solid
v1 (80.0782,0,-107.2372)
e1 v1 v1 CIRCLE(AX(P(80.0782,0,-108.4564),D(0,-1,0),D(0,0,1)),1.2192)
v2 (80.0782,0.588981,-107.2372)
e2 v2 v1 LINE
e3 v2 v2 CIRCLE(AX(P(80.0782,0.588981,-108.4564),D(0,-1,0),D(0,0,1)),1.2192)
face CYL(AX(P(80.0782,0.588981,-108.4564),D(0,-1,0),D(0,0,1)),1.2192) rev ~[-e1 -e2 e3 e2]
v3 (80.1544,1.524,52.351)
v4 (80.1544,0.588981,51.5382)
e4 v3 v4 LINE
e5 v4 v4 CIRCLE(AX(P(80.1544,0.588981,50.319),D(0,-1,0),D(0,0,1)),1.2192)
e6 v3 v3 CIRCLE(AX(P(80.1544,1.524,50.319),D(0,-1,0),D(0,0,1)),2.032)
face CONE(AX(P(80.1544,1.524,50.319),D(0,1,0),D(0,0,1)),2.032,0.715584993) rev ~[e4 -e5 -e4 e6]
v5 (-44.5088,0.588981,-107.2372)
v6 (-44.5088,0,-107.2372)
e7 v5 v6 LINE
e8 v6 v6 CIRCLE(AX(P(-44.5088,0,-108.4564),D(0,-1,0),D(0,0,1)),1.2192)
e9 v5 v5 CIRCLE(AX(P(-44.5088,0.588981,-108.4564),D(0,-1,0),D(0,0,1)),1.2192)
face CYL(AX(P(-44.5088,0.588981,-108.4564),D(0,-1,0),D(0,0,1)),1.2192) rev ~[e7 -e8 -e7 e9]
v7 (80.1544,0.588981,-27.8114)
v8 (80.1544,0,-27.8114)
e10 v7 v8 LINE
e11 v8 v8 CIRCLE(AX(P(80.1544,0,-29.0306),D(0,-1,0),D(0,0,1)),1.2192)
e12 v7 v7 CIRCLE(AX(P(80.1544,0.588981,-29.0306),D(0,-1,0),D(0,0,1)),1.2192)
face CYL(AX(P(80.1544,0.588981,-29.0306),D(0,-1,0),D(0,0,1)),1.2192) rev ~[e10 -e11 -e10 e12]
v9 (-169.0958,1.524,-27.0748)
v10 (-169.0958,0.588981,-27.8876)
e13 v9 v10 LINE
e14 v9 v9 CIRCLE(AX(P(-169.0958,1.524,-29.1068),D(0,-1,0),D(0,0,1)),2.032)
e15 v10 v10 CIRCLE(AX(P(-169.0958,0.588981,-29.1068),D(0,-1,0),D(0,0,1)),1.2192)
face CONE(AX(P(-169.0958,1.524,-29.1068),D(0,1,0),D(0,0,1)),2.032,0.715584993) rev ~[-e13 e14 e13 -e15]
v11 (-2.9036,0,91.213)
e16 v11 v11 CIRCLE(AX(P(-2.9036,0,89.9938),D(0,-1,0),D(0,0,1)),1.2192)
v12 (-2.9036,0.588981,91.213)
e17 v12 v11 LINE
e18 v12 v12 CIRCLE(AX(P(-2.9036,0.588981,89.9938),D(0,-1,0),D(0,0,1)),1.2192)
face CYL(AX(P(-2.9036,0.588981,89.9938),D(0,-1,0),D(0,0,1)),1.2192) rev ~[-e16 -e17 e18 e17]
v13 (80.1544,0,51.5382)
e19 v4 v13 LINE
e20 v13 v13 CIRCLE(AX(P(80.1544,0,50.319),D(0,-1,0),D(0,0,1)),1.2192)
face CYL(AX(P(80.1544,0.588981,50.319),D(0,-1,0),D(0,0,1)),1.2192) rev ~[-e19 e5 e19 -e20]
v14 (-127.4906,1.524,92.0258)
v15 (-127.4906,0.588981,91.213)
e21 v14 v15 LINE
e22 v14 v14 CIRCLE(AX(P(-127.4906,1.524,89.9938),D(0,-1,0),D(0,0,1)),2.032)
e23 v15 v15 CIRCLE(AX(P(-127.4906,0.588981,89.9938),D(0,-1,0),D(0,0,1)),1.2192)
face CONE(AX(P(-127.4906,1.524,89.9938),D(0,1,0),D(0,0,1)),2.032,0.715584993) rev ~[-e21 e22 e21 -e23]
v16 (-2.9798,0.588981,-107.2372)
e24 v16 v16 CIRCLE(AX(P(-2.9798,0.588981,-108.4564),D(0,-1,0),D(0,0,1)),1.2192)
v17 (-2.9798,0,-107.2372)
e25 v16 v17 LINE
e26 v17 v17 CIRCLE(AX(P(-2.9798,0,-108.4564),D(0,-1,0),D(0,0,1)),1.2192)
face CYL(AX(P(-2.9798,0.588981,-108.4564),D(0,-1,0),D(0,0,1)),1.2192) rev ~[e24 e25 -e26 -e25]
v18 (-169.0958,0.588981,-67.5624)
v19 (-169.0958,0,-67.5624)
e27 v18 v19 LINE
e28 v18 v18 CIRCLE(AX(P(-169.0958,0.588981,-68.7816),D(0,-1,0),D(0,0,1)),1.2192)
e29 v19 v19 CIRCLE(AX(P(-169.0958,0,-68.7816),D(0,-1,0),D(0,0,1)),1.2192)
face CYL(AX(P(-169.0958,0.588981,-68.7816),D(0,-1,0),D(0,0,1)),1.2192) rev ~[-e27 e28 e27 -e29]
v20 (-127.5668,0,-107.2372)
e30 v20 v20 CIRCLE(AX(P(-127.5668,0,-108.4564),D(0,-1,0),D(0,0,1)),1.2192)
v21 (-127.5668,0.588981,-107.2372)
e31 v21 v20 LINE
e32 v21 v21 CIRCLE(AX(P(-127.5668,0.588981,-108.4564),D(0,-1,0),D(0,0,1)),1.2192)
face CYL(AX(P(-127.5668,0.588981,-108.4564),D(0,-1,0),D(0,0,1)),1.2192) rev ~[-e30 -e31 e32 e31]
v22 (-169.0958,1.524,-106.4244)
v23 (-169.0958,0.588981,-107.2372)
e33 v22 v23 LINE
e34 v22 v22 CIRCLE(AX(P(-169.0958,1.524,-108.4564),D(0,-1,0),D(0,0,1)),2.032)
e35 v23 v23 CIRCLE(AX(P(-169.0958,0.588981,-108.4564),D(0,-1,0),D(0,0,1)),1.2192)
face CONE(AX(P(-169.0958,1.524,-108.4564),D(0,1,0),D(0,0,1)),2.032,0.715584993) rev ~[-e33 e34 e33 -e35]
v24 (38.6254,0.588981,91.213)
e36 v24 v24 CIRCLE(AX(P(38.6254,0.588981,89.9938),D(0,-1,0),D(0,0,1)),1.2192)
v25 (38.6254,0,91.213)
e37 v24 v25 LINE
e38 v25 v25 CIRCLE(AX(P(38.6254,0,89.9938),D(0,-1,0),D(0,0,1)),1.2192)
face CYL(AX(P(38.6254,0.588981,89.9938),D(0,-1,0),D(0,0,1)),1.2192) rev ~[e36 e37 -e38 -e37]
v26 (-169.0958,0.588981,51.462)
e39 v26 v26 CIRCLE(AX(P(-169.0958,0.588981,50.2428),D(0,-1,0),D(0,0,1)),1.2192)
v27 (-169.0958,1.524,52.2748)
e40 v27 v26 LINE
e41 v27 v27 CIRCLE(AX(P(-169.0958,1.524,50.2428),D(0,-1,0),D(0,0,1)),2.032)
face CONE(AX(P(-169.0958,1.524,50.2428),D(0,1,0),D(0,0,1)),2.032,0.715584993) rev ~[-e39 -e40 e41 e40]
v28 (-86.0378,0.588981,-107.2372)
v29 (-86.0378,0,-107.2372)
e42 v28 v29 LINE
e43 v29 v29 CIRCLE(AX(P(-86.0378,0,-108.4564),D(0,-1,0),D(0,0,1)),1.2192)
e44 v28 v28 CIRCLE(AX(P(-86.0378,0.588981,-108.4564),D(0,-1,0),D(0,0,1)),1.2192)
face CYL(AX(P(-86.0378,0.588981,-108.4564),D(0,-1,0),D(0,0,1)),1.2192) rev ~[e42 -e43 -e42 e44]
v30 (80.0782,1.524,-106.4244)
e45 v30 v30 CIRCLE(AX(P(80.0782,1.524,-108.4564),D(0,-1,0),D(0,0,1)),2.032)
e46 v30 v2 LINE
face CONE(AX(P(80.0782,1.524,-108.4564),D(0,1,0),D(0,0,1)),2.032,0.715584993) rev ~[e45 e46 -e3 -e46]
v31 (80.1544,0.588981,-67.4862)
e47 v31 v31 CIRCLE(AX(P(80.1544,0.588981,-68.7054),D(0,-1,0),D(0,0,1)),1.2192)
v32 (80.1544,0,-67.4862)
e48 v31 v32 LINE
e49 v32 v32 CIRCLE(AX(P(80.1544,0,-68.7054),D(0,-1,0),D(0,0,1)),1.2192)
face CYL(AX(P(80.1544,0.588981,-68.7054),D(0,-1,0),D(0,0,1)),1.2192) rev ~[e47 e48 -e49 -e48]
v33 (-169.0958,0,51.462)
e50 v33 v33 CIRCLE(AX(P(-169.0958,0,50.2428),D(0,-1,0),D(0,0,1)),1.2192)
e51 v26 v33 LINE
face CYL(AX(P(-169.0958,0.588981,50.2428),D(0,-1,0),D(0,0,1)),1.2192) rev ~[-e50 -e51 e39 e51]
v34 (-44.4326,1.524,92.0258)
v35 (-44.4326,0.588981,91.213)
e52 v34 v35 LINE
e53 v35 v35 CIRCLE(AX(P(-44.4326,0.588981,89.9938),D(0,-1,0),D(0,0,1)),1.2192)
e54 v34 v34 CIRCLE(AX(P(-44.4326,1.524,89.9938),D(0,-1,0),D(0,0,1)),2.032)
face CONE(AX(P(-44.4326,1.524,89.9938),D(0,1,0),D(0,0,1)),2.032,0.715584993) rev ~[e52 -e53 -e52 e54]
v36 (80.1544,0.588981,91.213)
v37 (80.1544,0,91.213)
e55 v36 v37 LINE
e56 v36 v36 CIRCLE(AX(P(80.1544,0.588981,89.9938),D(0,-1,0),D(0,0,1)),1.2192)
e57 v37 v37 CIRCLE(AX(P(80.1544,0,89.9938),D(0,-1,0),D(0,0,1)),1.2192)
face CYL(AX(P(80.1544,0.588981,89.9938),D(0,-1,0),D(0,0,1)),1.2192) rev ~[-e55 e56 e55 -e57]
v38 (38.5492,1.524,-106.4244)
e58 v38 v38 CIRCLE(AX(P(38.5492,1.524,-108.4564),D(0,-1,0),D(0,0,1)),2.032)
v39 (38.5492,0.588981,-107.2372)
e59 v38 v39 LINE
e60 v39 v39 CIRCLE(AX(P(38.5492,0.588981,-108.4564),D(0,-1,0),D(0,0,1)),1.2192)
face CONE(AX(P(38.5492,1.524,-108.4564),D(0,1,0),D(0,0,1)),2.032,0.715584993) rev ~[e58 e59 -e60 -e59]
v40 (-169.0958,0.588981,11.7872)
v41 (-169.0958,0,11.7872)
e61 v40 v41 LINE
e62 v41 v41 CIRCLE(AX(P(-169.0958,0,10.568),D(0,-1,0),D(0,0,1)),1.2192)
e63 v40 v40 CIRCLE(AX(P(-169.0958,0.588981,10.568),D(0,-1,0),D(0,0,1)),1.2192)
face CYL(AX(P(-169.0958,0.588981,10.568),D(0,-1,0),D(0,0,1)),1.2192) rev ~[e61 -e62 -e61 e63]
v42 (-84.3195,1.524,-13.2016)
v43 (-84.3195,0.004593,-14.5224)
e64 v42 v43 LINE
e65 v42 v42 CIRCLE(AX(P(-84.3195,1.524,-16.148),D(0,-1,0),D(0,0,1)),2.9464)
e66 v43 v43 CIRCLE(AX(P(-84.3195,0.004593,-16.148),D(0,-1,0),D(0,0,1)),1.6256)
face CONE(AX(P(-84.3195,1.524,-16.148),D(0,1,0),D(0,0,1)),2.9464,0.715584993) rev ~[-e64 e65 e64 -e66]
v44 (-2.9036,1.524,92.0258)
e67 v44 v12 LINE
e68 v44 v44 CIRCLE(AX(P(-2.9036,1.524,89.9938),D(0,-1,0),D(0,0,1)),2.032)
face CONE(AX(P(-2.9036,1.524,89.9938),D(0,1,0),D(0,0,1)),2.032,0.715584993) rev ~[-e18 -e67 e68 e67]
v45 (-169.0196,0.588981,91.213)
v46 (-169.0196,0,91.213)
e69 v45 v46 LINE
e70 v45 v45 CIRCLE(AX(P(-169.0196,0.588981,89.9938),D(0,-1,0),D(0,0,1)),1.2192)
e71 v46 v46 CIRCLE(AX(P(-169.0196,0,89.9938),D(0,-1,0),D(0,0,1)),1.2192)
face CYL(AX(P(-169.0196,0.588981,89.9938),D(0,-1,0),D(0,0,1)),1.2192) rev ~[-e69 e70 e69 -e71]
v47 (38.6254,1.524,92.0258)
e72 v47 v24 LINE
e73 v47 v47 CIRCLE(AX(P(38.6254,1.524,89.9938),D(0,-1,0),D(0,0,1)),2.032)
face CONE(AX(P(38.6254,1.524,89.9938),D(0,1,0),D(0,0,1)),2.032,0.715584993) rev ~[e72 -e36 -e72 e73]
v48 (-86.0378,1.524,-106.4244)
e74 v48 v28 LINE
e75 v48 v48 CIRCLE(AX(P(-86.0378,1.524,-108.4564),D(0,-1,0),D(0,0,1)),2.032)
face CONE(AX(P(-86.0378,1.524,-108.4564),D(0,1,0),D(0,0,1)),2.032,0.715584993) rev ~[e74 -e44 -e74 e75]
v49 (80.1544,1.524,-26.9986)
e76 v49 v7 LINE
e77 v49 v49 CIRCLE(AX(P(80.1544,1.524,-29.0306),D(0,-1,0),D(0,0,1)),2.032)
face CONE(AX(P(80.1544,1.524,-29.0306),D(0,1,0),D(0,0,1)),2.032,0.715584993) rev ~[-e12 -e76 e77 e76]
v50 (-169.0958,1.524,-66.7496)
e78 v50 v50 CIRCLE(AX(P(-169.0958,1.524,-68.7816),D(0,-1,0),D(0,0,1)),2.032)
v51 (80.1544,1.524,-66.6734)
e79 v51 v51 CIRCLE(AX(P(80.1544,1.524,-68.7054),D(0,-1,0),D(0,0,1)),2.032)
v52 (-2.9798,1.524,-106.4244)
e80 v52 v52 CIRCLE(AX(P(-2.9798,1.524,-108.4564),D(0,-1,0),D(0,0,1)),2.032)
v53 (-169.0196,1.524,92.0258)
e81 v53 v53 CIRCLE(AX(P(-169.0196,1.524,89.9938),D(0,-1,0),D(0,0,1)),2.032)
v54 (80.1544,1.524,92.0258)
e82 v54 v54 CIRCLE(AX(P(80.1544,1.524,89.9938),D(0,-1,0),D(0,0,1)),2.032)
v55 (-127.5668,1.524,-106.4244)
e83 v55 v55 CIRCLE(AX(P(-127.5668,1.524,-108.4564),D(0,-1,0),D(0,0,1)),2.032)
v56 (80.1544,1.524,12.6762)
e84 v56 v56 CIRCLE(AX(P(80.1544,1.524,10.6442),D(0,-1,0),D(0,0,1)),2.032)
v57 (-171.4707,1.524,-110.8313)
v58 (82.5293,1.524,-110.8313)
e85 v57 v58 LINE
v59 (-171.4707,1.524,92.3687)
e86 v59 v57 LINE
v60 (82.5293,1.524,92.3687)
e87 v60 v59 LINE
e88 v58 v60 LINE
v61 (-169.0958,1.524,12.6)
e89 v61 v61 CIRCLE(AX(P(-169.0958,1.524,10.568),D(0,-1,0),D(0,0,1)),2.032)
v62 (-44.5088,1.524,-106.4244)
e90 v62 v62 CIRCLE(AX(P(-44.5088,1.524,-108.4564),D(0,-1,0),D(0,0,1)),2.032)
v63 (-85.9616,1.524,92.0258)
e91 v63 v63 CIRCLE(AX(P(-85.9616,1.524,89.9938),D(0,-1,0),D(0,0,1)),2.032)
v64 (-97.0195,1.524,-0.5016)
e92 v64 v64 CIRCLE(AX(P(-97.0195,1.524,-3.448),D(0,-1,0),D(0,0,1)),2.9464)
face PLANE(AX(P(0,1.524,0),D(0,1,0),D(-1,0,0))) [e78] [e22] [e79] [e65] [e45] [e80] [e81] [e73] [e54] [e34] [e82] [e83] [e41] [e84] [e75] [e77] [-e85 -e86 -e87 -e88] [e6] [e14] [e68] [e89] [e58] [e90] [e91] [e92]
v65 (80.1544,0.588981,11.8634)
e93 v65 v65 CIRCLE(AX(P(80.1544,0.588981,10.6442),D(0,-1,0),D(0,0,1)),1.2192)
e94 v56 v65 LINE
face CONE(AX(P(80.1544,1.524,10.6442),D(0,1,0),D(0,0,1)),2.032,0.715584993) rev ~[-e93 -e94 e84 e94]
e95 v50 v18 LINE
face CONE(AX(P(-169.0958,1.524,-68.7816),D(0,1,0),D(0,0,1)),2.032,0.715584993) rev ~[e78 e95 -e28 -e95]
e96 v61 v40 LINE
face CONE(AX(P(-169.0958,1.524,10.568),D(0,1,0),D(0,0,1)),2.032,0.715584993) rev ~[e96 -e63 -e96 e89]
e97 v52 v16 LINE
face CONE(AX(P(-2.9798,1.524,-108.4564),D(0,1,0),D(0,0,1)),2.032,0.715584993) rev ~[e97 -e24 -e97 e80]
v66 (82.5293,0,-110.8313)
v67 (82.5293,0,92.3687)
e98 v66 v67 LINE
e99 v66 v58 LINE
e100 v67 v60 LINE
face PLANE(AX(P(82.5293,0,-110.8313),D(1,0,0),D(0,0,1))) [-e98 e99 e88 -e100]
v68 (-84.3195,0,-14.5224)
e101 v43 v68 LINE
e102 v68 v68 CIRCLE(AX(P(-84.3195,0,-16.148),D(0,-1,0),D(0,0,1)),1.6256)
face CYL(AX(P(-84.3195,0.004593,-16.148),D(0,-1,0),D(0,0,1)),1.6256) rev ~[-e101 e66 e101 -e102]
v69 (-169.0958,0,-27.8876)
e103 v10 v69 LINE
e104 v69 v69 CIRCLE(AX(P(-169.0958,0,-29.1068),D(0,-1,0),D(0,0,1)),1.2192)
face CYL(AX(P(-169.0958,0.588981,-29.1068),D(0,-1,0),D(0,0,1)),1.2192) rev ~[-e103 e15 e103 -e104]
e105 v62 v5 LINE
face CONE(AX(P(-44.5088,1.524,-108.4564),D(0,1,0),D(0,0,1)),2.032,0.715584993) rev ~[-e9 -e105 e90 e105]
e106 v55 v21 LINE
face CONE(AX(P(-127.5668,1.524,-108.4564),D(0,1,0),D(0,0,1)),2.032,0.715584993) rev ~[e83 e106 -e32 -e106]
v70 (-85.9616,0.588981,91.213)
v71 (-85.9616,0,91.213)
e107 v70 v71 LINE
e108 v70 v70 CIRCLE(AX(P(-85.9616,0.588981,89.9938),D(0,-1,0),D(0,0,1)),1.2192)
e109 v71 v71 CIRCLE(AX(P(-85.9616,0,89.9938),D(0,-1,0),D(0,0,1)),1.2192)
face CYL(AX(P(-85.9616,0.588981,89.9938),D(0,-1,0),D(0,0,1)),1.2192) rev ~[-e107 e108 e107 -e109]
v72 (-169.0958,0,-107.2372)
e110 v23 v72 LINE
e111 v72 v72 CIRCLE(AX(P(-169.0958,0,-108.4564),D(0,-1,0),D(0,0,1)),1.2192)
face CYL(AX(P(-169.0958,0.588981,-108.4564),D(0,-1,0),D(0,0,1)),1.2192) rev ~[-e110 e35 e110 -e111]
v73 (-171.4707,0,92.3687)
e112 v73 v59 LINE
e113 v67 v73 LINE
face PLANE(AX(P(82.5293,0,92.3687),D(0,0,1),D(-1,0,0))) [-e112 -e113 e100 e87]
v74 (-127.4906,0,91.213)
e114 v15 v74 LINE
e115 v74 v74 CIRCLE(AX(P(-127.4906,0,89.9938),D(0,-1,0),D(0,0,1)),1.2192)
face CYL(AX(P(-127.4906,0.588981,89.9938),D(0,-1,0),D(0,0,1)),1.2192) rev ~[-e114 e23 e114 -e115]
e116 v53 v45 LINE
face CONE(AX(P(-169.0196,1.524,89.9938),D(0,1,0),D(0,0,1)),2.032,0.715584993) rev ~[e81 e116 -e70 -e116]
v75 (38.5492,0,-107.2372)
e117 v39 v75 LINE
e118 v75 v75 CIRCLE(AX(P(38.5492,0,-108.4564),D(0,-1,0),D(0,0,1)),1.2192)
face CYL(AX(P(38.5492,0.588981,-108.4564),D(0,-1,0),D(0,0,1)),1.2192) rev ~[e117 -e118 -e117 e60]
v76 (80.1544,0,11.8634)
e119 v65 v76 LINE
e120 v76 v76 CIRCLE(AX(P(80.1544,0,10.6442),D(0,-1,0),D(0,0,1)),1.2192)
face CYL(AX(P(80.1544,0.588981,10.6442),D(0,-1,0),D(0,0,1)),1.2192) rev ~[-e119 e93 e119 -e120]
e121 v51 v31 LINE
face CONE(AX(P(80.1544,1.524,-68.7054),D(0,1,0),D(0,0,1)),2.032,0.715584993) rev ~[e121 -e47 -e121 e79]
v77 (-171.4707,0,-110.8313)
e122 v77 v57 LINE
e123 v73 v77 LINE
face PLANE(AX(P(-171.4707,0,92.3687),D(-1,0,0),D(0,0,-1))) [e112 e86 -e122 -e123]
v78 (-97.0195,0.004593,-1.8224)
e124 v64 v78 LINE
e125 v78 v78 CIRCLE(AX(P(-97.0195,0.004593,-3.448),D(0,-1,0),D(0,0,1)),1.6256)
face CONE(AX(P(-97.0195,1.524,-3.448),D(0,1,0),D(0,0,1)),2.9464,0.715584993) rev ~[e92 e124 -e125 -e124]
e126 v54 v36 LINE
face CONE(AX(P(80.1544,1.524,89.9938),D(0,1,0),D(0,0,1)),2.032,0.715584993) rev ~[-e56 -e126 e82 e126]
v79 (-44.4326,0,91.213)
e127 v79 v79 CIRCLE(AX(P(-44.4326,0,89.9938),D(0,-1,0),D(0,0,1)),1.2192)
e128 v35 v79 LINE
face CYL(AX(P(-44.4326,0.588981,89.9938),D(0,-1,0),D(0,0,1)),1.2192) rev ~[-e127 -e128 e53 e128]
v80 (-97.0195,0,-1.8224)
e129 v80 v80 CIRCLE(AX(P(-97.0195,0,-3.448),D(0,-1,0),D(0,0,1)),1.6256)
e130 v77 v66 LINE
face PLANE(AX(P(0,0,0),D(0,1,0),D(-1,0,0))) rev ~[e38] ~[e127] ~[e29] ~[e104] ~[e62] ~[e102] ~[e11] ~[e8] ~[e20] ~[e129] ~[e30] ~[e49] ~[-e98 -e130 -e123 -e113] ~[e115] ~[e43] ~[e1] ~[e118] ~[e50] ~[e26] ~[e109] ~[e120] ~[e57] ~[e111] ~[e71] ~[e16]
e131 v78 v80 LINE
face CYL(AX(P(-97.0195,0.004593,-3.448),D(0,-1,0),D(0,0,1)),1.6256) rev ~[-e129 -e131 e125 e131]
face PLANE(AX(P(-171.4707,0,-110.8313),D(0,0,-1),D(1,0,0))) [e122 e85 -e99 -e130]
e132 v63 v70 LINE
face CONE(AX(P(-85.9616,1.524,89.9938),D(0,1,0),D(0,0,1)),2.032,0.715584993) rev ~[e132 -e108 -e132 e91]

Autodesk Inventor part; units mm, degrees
ref_plane "YZ Plane" through (0, 0, 0) normal (1, 0, 0) x (0, 1, 0)
ref_plane "XZ Plane" through (0, 0, 0) normal (0, 1, 0) x (-1, 0, 0)
ref_plane "XY Plane" through (0, 0, 0) normal (0, 0, 1) x (1, 0, 0)
sketch "Sketch1" plane through (0, 0, 0) normal (0, 1, 0) x (-1, 0, 0)
  line L0 (-82.5293, 92.3687) -> (171.4707, 92.3687)
  line L1 (171.4707, 92.3687) -> (171.4707, -110.8313)
  line L2 (171.4707, -110.8313) -> (-82.5293, -110.8313)
  line L3 (-82.5293, -110.8313) -> (-82.5293, 92.3687)
  point P0 (0, 0)
  dimension "d0" = 254
  dimension "d3" = 203.2
extrude "Extrusion1" add sketch "Sketch1" along normal blind 1.524
sketch "Sketch2" plane through (0, 1.524, 0) normal (0, 1, 0) x (1, 0, 0)
  point P0 (0, 0)
  point P1 (-169.0958, 108.4564)
  point P2 (-171.4707, 110.8313)
  point P3 (82.5293, -92.3687)
  point P4 (80.1544, -89.9938)
  dimension "d13" = 2.3749
  dimension "d14" = 2.3749
  dimension "d21" = 2.3749
  dimension "d22" = 2.3749
hole "Hole1" at (-169.0958, 1.524, -108.4564) direction (0, -1, 0) diameter 2.4384 depth 25.4 tip angle 118 countersink diameter 4.064 countersink angle 82
pattern_linear "Rectangular Pattern1" count 7 spacing 41.529 along (1, 0, 0) of "Hole1"
pattern_linear "Rectangular Pattern2" count 5 spacing 39.6748 along (0, 0, 1) of "Hole1"
hole "Hole2" at (80.1544, 1.524, 89.9938) direction (0, -1, 0) diameter 2.4384 depth 25.4 tip angle 118 countersink diameter 4.064 countersink angle 82
pattern_linear "Rectangular Pattern3" count 5 spacing 39.6748 along (0, 0, -1) of "Hole2"
pattern_linear "Rectangular Pattern4" count 7 spacing 41.529 along (-1, 0, 0) of "Hole2"
sketch "Sketch3" plane through (0, 1.524, 0) normal (0, 1, 0) x (1, 0, 0)
  circle A0 centre (-169.0196, -89.9938) radius 2.032 projected
  circle A1 centre (-127.4906, -89.9938) radius 2.032 projected
  circle A2 centre (-85.9616, -89.9938) radius 2.032 projected
  circle A3 centre (-44.4326, -89.9938) radius 2.032 projected
  circle A4 centre (-2.9036, -89.9938) radius 2.032 projected
  circle A5 centre (38.6254, -89.9938) radius 2.032 projected
  circle A6 centre (80.1544, 68.7054) radius 2.032 projected
  circle A7 centre (80.1544, 29.0306) radius 2.032 projected
  circle A8 centre (80.1544, -10.6442) radius 2.032 projected
  circle A9 centre (80.1544, -50.319) radius 2.032 projected
  circle A10 centre (80.1544, -89.9938) radius 2.032 projected
  circle A11 centre (-169.0958, -50.2428) radius 2.032 projected
  circle A12 centre (-169.0958, -10.568) radius 2.032 projected
  circle A13 centre (-169.0958, 29.1068) radius 2.032 projected
  circle A14 centre (-169.0958, 68.7816) radius 2.032 projected
  circle A15 centre (80.0782, 108.4564) radius 2.032 projected
  circle A16 centre (38.5492, 108.4564) radius 2.032 projected
  circle A17 centre (-2.9798, 108.4564) radius 2.032 projected
  circle A18 centre (-44.5088, 108.4564) radius 2.032 projected
  circle A19 centre (-86.0378, 108.4564) radius 2.032 projected
  circle A20 centre (-127.5668, 108.4564) radius 2.032 projected
  circle A21 centre (-169.0958, 108.4564) radius 2.032 projected
  line L0 (-171.4707, -92.3687) -> (82.5293, -92.3687) projected
  line L1 (82.5293, -92.3687) -> (82.5293, 110.8313) projected
  line L2 (82.5293, 110.8313) -> (-171.4707, 110.8313) projected
  line L3 (-171.4707, 110.8313) -> (-171.4707, -92.3687) projected
  point P0 (0, 0)
sketch "Sketch6" plane through (0, 1.524, 0) normal (0, 1, 0) x (1, 0, 0)
  circle A0 centre (-169.0196, -89.9938) radius 2.032 projected
  circle A1 centre (-127.4906, -89.9938) radius 2.032 projected
  circle A2 centre (-85.9616, -89.9938) radius 2.032 projected
  circle A3 centre (-44.4326, -89.9938) radius 2.032 projected
  circle A4 centre (-2.9036, -89.9938) radius 2.032 projected
  circle A5 centre (38.6254, -89.9938) radius 2.032 projected
  circle A6 centre (80.1544, 68.7054) radius 2.032 projected
  circle A7 centre (80.1544, 29.0306) radius 2.032 projected
  circle A8 centre (80.1544, -10.6442) radius 2.032 projected
  circle A9 centre (80.1544, -50.319) radius 2.032 projected
  circle A10 centre (80.1544, -89.9938) radius 2.032 projected
  circle A11 centre (-169.0958, -50.2428) radius 2.032 projected
  circle A12 centre (-169.0958, -10.568) radius 2.032 projected
  circle A13 centre (-169.0958, 29.1068) radius 2.032 projected
  circle A14 centre (-169.0958, 68.7816) radius 2.032 projected
  circle A15 centre (80.0782, 108.4564) radius 2.032 projected
  circle A16 centre (38.5492, 108.4564) radius 2.032 projected
  circle A17 centre (-2.9798, 108.4564) radius 2.032 projected
  circle A18 centre (-44.5088, 108.4564) radius 2.032 projected
  circle A19 centre (-86.0378, 108.4564) radius 2.032 projected
  circle A20 centre (-127.5668, 108.4564) radius 2.032 projected
  circle A21 centre (-169.0958, 108.4564) radius 2.032 projected
  line L0 (-171.4707, -92.3687) -> (82.5293, -92.3687) projected
  line L1 (82.5293, -92.3687) -> (82.5293, 110.8313) projected
  line L2 (82.5293, 110.8313) -> (-171.4707, 110.8313) projected
  line L3 (-171.4707, 110.8313) -> (-171.4707, -92.3687) projected
  point P0 (0, 0)
sketch "Sketch7" plane through (0, 1.524, 0) normal (0, 1, 0) x (1, 0, 0)
  point P0 (0, 0)
  point P1 (-84.3195, 16.148)
  point P2 (-97.0195, 3.448)
  point P3 (-84.3195, 16.148)
hole "Hole3" at (-97.0195, 1.524, -3.448) direction (0, -1, 0) diameter 3.2512 depth 1.524 tip angle 118 countersink diameter 5.8928 countersink angle 82
hole "Hole4" at (-84.3195, 1.524, -16.148) direction (0, -1, 0) diameter 3.2512 depth 25.4 tip angle 118 countersink diameter 5.8928 countersink angle 82
properties part number "RFT Cover" material "Aluminum 6061"
